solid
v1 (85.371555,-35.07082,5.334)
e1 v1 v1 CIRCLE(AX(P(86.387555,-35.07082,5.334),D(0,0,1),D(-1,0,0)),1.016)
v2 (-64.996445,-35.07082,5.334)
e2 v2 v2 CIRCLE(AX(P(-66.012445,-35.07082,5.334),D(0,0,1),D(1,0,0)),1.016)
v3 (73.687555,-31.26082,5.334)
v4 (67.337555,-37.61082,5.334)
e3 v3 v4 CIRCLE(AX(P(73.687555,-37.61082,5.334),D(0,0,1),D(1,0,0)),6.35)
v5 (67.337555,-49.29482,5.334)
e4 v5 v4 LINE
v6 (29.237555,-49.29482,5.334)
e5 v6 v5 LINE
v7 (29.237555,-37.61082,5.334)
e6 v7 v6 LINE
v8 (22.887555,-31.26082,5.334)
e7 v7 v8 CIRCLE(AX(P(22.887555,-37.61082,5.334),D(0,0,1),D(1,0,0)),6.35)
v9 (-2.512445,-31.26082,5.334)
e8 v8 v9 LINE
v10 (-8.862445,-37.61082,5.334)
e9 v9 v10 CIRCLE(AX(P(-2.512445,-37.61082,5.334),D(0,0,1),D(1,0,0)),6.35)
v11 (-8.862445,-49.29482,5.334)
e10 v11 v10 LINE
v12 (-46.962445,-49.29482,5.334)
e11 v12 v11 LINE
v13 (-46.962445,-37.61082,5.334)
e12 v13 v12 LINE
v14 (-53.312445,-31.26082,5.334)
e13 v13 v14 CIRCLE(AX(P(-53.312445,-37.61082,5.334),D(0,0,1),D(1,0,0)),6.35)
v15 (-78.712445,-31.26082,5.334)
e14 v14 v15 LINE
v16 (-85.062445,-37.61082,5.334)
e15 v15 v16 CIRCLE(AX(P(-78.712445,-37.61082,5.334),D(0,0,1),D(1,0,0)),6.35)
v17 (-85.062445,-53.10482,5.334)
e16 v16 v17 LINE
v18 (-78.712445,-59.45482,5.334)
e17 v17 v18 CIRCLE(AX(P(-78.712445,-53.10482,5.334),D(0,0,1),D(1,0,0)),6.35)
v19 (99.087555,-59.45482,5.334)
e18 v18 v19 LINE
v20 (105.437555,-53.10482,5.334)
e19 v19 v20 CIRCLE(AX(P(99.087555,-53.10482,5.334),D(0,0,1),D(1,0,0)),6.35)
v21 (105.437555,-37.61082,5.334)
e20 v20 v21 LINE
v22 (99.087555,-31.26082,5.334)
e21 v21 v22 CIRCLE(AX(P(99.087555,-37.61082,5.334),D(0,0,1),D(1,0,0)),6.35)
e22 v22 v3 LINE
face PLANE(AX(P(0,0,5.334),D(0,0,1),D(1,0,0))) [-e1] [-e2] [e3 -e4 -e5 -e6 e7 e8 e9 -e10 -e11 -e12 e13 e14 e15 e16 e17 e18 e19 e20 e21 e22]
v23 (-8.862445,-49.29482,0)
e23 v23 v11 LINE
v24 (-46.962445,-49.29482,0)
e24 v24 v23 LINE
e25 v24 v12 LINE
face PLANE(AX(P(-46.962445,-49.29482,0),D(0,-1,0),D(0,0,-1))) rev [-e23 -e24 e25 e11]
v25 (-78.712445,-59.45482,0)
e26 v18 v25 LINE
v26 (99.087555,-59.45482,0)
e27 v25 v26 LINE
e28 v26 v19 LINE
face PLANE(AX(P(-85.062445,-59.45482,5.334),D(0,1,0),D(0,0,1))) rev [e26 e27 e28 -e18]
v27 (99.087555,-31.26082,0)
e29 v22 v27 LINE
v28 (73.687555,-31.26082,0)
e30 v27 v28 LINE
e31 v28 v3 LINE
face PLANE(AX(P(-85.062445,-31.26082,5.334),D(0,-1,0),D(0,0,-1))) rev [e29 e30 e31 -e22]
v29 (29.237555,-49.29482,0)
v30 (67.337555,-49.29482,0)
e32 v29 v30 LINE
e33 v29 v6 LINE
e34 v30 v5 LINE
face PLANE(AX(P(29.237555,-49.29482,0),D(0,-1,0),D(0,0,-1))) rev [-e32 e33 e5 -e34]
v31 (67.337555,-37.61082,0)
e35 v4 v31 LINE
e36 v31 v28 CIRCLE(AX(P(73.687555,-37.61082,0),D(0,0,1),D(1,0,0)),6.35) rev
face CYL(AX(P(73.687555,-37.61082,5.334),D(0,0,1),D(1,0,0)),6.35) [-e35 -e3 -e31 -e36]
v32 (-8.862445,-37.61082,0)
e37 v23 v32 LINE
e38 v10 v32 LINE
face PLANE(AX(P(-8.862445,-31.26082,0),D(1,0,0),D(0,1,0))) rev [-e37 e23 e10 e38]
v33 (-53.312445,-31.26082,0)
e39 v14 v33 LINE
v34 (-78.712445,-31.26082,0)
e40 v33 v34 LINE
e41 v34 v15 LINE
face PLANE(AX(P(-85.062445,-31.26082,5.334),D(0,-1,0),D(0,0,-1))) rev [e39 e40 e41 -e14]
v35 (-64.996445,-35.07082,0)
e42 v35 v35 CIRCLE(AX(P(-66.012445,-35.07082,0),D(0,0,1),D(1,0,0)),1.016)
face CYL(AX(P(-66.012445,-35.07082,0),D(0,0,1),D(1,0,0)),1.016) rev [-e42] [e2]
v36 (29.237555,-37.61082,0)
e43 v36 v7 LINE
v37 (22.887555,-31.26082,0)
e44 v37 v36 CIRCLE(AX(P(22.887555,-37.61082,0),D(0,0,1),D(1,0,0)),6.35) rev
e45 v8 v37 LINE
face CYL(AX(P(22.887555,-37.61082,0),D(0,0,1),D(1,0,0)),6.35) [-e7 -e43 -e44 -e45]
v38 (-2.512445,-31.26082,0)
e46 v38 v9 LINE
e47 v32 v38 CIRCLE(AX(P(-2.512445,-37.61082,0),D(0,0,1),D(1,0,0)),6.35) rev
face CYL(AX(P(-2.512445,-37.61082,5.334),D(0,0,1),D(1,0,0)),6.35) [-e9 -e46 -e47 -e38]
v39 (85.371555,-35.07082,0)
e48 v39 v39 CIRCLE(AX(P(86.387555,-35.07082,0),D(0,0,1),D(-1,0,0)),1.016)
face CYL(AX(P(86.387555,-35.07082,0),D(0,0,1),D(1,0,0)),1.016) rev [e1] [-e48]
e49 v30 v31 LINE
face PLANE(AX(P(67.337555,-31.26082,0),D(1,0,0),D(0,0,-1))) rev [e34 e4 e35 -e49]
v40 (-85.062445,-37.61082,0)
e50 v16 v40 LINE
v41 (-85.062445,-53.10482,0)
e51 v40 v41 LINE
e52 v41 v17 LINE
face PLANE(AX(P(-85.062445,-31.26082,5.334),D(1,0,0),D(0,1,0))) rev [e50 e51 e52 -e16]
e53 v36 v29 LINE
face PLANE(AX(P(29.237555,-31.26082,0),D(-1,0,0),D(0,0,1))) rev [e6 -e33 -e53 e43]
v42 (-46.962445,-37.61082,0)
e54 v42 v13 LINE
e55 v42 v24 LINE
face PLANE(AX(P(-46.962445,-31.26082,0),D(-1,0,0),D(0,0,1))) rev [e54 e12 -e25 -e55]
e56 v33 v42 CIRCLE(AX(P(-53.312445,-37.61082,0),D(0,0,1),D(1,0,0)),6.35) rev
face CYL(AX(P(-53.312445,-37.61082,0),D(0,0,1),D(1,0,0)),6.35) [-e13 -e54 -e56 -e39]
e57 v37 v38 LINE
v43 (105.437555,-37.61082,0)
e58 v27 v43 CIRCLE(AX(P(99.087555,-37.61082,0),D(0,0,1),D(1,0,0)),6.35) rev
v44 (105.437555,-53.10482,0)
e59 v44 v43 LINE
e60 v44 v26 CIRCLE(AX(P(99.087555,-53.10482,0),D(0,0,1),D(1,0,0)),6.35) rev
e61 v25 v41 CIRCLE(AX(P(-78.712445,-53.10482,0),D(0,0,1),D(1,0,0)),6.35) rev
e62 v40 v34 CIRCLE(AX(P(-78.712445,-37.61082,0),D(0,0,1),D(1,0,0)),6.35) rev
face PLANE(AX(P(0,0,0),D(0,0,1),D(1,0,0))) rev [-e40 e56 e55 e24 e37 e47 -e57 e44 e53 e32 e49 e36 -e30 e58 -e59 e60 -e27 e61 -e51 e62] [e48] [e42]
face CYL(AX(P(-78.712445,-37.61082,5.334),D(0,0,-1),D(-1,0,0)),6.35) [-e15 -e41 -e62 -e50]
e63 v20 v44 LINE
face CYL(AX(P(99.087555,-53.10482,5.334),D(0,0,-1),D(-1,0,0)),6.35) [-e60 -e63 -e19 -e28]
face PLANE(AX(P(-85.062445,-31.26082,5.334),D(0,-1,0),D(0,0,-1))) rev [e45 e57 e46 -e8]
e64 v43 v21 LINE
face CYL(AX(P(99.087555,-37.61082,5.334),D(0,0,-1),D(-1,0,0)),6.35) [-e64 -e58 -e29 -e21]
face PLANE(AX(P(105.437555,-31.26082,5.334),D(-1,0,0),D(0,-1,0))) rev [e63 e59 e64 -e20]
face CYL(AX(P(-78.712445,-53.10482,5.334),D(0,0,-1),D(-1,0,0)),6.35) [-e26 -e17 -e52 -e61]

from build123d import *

# Parameters (mm, degrees)
SKETCH1_W           = 190.5
SKETCH1_H           = 28.194
BOSS_EXTRUDE1_DEPTH = 5.334
SKETCH3_W           = 38.1
SKETCH3_H           = 18.034
CUT_EXTRUDE1_DEPTH  = 122.162721385
SKETCH4_R           = 1.016
CUT_EXTRUDE2_DEPTH  = 122.162721385
FILLET1_R           = 6.35


with BuildPart() as part:
    # Sketch1 → Boss-Extrude1 (new body)
    with BuildSketch(Plane.XY):
        with Locations((10.187554582, -45.357819662)):
            Rectangle(SKETCH1_W, SKETCH1_H)
    extrude(amount=BOSS_EXTRUDE1_DEPTH)

    # Sketch3 → Cut-Extrude1 (cut, through all)
    with BuildSketch(Plane.XY.offset(5.334)):
        with Locations((-27.912445418, -40.277819662)):
            Rectangle(SKETCH3_W, SKETCH3_H)
        with Locations((48.287554582, -40.277819662)):
            Rectangle(SKETCH3_W, SKETCH3_H)
    extrude(amount=-CUT_EXTRUDE1_DEPTH, mode=Mode.SUBTRACT)

    # Sketch4 → Cut-Extrude2 (cut, through all)
    with BuildSketch(Plane.XY.offset(5.334)):
        with Locations((-66.012445418, -35.070819662)):
            Circle(SKETCH4_R)
        with Locations(Location((86.387554582, -35.070819662, 0), (0, 0, 180))):
            Circle(SKETCH4_R)
    extrude(amount=-CUT_EXTRUDE2_DEPTH, mode=Mode.SUBTRACT)

    # Fillet1
    fillet1_edges = [part.edges().sort_by_distance(p)[0] for p in [
        (-46.962445418, -31.260819662, 2.667),
        (-8.862445418, -31.260819662, 2.667),
        (29.237554582, -31.260819662, 2.667),
        (67.337554582, -31.260819662, 2.667),
        (-85.062445418, -31.260819662, 2.667),
        (105.437554582, -31.260819662, 2.667),
        (105.437554582, -59.454819662, 2.667),
        (-85.062445418, -59.454819662, 2.667),
    ]]
    fillet(fillet1_edges, radius=FILLET1_R)


solid = part.part
